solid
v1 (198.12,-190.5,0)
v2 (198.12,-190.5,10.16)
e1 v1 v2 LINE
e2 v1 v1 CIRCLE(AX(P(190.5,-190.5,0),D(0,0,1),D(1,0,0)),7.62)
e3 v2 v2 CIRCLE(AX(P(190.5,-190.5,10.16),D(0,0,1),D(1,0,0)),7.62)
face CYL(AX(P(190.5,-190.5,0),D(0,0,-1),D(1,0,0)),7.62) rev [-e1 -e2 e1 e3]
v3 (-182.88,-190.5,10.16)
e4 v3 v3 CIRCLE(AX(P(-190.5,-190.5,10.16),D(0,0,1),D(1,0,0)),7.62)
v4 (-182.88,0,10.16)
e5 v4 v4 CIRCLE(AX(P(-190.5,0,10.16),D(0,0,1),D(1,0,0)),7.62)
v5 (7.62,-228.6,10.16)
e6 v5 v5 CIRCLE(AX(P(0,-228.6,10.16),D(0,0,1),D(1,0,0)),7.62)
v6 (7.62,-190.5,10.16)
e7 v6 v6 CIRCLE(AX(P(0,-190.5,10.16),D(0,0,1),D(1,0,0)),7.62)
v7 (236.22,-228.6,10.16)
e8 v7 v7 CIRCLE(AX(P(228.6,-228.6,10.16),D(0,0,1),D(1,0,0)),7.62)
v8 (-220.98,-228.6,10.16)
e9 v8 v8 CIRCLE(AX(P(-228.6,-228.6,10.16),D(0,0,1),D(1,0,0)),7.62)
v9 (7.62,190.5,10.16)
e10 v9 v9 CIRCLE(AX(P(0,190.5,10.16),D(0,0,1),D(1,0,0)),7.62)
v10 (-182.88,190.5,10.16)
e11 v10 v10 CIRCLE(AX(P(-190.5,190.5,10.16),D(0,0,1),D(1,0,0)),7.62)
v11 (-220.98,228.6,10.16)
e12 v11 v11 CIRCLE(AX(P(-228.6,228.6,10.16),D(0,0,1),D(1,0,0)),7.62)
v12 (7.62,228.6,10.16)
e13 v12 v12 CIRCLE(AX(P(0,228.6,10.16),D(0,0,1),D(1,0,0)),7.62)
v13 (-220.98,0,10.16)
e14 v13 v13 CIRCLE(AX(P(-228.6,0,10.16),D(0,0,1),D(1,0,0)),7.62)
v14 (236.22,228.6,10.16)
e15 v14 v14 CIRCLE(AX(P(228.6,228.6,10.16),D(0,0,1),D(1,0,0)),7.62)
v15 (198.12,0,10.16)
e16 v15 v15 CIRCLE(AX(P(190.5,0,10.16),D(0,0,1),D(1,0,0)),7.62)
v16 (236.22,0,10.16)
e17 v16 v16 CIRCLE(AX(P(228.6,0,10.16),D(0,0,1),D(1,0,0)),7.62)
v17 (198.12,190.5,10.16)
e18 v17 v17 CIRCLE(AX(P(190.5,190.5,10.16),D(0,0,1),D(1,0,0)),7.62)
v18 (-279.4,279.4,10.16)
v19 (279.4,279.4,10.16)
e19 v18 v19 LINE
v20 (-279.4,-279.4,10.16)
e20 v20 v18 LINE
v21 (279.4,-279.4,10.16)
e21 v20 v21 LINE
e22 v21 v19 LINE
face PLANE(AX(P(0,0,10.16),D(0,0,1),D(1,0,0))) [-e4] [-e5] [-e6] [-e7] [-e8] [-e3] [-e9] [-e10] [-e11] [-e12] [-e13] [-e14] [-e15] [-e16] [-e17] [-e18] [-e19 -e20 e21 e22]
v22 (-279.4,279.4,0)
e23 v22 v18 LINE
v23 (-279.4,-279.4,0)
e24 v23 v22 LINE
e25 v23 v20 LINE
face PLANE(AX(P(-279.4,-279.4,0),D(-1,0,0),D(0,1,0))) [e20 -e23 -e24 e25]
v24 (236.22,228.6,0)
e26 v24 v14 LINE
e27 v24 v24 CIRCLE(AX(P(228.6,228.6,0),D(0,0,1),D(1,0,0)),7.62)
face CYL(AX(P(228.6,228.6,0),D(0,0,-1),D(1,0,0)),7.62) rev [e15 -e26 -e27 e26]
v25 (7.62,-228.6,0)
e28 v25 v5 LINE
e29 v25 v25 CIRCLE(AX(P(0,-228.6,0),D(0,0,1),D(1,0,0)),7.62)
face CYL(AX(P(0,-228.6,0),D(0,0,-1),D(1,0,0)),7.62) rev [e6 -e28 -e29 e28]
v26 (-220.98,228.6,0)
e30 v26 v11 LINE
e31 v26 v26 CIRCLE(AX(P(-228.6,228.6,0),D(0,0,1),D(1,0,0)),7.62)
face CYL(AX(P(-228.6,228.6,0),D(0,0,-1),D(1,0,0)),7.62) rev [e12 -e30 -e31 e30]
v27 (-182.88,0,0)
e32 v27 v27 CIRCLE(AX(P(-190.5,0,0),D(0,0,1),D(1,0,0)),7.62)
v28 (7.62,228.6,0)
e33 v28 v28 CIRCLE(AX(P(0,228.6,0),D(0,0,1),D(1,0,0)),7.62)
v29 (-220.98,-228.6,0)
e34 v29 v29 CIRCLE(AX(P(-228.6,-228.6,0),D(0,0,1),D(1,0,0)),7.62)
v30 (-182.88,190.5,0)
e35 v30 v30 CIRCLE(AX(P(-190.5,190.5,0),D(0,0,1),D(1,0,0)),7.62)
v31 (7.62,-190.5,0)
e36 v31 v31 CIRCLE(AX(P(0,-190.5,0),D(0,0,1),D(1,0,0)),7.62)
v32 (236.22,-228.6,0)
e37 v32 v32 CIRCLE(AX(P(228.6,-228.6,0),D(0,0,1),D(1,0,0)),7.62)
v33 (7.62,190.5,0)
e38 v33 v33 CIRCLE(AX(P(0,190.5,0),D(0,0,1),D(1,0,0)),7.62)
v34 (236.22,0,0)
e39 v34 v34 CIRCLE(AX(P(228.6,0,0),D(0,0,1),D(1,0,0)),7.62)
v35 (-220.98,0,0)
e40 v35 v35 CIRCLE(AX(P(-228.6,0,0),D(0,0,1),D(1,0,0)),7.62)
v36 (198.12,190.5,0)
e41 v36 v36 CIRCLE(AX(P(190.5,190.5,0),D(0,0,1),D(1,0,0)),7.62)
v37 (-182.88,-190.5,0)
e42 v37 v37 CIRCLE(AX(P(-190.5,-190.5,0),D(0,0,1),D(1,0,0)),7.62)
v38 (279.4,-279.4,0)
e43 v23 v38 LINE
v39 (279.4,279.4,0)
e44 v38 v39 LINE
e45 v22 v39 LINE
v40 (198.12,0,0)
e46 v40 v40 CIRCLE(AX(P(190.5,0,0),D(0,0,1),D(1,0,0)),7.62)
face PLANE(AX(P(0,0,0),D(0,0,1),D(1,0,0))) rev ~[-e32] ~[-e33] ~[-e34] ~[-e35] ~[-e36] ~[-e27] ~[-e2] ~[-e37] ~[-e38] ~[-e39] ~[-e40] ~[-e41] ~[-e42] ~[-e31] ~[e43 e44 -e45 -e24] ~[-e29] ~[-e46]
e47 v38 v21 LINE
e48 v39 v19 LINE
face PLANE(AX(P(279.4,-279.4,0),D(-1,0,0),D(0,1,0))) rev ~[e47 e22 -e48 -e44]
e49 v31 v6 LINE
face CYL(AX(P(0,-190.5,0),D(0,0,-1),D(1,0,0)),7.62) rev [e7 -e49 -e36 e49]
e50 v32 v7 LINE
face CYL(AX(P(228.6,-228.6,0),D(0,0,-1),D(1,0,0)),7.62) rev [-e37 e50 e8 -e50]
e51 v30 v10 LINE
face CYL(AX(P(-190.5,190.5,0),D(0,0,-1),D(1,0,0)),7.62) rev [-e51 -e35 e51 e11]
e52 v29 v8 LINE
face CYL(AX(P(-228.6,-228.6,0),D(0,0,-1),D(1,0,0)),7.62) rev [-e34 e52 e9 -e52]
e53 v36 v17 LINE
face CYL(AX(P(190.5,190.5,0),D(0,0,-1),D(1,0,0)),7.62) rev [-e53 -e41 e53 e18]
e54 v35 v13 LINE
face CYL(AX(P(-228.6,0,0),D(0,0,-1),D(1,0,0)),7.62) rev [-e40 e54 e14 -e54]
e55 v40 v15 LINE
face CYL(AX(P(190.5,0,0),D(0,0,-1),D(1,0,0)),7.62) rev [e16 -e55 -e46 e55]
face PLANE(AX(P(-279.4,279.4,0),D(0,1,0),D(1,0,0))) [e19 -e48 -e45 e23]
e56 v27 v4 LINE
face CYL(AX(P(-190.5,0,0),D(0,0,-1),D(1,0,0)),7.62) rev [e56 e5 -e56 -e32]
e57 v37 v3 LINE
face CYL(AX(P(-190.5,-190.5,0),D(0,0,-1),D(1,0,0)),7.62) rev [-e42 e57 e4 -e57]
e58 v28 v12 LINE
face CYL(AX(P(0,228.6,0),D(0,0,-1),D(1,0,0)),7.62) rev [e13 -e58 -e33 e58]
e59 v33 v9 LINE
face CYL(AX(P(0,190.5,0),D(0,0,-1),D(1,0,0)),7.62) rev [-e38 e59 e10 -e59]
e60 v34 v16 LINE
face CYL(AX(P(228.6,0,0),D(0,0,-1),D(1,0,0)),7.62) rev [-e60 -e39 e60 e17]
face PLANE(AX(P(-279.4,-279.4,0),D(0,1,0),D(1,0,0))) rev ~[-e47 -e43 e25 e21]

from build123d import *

# Parameters (mm, degrees)
F0_W     = 558.8
F0_H     = 558.8
F0_R     = 7.62
F1_DEPTH = 10.16


with BuildPart() as f1:
    # F0 (on Top) → F1 (new body)
    with BuildSketch(Plane.XY):
        Rectangle(F0_W, F0_H)
        with Locations((-228.6, -228.6)):
            Circle(F0_R, mode=Mode.SUBTRACT)
        with Locations((-190.5, -190.5)):
            Circle(F0_R, mode=Mode.SUBTRACT)
        with Locations((0, -228.6)):
            Circle(F0_R, mode=Mode.SUBTRACT)
        with Locations((0, -190.5)):
            Circle(F0_R, mode=Mode.SUBTRACT)
        with Locations((228.6, -228.6)):
            Circle(F0_R, mode=Mode.SUBTRACT)
        with Locations((190.5, -190.5)):
            Circle(F0_R, mode=Mode.SUBTRACT)
        with Locations((-228.6, 0)):
            Circle(F0_R, mode=Mode.SUBTRACT)
        with Locations((-190.5, 0)):
            Circle(F0_R, mode=Mode.SUBTRACT)
        with Locations((-190.5, 190.5)):
            Circle(F0_R, mode=Mode.SUBTRACT)
        with Locations((-228.6, 228.6)):
            Circle(F0_R, mode=Mode.SUBTRACT)
        with Locations((190.5, 0)):
            Circle(F0_R, mode=Mode.SUBTRACT)
        with Locations((228.6, 0)):
            Circle(F0_R, mode=Mode.SUBTRACT)
        with Locations((0, 190.5)):
            Circle(F0_R, mode=Mode.SUBTRACT)
        with Locations((0, 228.6)):
            Circle(F0_R, mode=Mode.SUBTRACT)
        with Locations((190.5, 190.5)):
            Circle(F0_R, mode=Mode.SUBTRACT)
        with Locations((228.6, 228.6)):
            Circle(F0_R, mode=Mode.SUBTRACT)
    extrude(amount=F1_DEPTH)


solid = f1.part
